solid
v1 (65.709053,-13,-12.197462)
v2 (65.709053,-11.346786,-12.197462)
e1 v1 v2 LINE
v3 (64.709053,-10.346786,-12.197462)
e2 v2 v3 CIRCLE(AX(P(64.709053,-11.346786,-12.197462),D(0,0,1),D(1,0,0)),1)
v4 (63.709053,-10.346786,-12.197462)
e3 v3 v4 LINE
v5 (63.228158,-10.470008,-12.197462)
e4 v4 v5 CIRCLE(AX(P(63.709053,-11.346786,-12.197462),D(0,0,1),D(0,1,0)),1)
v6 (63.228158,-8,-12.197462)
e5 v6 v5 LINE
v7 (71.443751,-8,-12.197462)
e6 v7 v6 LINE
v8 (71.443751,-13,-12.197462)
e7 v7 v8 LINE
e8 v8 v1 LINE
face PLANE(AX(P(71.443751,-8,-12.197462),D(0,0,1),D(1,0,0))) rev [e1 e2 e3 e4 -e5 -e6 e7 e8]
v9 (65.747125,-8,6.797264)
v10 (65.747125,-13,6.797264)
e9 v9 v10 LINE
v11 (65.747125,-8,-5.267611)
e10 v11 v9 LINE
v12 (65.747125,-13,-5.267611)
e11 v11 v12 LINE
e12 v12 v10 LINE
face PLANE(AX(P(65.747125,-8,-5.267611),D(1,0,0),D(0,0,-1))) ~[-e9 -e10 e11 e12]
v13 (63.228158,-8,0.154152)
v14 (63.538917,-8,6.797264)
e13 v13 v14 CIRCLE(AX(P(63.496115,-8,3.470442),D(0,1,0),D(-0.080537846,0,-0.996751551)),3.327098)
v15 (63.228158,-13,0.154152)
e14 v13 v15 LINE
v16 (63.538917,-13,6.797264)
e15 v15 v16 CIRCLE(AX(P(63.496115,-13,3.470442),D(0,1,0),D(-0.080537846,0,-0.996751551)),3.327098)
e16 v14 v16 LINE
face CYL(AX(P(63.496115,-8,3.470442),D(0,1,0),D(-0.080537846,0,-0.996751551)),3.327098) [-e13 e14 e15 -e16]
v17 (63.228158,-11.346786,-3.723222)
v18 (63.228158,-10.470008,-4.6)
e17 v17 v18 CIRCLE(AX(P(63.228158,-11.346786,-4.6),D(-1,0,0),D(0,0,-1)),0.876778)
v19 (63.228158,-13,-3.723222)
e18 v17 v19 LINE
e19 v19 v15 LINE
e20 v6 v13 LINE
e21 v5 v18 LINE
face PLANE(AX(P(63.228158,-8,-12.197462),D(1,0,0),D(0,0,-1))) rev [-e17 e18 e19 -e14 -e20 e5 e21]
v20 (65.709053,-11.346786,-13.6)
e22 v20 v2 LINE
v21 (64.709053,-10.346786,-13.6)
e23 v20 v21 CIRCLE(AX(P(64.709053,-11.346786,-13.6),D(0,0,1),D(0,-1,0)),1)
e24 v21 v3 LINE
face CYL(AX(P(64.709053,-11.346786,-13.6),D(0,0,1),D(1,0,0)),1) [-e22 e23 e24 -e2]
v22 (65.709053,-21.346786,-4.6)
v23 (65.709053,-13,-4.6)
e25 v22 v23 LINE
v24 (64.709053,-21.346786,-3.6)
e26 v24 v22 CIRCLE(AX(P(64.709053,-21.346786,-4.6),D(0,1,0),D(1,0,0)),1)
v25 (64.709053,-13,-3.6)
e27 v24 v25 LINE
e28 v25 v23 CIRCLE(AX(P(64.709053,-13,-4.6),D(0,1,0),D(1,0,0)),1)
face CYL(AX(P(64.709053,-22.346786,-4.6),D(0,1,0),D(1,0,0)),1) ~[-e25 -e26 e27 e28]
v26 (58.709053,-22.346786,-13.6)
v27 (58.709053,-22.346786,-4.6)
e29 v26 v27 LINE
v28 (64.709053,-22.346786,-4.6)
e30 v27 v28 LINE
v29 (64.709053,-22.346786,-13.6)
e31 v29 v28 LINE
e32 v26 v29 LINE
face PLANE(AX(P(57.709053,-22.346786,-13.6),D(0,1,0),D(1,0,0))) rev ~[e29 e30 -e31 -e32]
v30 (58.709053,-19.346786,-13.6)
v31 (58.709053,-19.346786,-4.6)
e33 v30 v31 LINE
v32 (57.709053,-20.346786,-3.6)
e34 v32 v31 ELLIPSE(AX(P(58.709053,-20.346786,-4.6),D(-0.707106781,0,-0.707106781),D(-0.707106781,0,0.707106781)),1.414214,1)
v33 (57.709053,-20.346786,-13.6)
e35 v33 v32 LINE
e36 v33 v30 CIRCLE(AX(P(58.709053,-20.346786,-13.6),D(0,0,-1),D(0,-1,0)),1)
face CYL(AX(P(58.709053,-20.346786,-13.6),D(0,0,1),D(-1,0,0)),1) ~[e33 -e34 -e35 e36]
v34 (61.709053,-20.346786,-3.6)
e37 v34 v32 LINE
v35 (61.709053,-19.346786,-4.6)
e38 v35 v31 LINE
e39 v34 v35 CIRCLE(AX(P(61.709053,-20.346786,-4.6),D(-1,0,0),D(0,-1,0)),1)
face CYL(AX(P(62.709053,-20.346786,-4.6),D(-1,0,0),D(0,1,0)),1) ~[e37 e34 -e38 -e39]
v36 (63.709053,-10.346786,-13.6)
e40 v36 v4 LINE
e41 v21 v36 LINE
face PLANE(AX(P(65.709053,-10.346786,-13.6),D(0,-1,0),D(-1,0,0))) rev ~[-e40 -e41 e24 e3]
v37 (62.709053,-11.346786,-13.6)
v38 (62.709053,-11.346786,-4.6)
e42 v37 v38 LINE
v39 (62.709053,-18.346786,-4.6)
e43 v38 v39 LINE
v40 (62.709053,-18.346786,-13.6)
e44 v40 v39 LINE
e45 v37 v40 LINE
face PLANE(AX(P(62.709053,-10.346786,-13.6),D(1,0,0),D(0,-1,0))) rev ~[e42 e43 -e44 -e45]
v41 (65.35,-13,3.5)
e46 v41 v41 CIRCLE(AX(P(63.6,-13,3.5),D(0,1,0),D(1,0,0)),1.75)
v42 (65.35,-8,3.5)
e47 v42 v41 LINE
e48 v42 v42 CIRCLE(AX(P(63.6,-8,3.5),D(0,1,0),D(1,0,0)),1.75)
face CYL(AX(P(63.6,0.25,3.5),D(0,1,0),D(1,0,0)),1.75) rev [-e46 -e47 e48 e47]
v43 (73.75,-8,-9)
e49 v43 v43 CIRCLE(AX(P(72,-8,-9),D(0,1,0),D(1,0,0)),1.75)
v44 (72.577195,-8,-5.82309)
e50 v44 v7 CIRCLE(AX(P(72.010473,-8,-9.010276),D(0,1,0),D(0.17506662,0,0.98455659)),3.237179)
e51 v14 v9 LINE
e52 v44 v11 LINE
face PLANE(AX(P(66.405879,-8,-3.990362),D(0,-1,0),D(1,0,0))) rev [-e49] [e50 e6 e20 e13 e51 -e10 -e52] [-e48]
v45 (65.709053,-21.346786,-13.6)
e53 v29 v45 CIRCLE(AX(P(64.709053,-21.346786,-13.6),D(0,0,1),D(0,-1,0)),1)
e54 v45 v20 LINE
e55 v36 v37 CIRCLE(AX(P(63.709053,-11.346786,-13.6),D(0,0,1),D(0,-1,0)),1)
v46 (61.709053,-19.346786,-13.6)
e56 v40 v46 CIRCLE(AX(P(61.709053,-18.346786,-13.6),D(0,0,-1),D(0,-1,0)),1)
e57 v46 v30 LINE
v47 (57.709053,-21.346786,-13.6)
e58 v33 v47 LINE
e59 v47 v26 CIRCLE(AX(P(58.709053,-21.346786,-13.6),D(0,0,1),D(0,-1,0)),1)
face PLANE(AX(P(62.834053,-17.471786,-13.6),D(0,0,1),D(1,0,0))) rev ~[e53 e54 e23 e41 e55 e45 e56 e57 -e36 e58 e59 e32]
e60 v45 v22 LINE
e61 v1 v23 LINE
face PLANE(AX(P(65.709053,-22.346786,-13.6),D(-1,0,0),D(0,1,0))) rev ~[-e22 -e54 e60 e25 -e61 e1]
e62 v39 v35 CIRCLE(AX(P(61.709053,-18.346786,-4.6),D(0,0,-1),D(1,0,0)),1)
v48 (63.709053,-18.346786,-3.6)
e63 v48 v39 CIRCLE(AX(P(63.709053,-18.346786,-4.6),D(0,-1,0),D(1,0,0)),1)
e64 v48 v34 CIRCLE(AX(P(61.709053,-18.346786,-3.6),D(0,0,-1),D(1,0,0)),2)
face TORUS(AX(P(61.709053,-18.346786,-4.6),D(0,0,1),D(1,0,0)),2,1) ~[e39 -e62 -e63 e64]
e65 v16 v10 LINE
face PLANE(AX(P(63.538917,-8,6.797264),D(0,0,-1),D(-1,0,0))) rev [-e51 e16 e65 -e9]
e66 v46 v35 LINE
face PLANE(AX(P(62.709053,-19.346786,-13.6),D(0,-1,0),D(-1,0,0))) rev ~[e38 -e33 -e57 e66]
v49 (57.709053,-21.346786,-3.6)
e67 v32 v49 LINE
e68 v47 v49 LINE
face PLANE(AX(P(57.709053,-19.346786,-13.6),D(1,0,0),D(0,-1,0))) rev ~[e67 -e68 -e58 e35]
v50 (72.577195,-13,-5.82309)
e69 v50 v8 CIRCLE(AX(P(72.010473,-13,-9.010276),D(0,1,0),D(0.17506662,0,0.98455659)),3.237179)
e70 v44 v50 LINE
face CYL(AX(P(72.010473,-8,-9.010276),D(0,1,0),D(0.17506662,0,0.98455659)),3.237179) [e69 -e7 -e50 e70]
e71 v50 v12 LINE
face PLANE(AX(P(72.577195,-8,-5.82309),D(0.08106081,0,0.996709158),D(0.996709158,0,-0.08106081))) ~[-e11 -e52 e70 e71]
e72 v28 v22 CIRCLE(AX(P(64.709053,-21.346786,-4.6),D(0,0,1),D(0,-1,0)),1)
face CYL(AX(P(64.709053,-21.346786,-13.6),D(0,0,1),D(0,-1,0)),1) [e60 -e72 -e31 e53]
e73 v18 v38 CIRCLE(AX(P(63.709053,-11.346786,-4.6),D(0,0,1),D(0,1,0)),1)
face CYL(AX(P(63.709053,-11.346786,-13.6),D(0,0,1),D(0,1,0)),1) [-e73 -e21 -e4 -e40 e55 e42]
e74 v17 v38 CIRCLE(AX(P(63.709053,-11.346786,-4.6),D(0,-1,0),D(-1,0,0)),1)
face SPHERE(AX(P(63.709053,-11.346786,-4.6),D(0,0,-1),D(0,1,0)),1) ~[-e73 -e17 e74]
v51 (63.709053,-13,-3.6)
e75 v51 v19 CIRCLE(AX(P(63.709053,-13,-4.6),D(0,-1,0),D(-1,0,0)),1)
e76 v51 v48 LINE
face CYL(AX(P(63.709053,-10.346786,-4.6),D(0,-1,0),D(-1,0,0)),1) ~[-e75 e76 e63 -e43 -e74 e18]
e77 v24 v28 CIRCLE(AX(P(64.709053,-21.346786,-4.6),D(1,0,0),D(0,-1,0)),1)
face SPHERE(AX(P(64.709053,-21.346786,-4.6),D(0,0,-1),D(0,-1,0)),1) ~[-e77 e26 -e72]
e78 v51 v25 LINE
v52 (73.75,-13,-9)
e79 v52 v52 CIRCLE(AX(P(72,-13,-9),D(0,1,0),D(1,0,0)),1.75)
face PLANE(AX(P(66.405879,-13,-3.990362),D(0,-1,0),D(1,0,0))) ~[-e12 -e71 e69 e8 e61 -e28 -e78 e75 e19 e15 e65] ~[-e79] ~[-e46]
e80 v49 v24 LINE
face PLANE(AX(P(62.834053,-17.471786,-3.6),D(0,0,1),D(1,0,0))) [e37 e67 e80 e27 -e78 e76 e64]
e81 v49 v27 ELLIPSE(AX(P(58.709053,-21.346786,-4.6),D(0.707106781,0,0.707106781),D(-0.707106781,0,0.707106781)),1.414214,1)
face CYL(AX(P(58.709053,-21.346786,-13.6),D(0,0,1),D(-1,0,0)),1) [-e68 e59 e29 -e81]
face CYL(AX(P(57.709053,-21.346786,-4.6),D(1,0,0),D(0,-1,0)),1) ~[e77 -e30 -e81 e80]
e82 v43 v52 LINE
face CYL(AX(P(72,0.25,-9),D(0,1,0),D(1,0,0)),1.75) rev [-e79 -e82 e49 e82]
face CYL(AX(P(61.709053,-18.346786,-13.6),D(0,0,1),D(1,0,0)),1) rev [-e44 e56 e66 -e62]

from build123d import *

# Parameters (mm, degrees)
CYLINDER053_R                     = 1.75
CYLINDER053_DEPTH                 = 15
CYLINDER052_R                     = 1.75
CYLINDER052_DEPTH                 = 15
EXTRUDE003_DEPTH                  = 10
FILLET021_R                       = 1
EXTRUDE004_DEPTH                  = 5
PART_MIRRORING006_PLACEMENT_ANGLE = 180


with BuildPart() as m3holds021:
    # Cylinder053 → Cylinder053 (new body)
    with BuildSketch(Plane(origin=(72, 0.25, -9), x_dir=(1, 0, 0), z_dir=(0, -1, 0))):
        Circle(CYLINDER053_R)
    extrude(amount=CYLINDER053_DEPTH)


with BuildPart() as fusion064:
    # Cylinder052 → Cylinder052 (new body)
    with BuildSketch(Plane(origin=(63.6, 0.25, 3.5), x_dir=(1, 0, 0), z_dir=(0, -1, 0))):
        Circle(CYLINDER052_R)
    extrude(amount=CYLINDER052_DEPTH)

    # Fusion064: union m3Holds021
    add(m3holds021.part)


with BuildPart() as fillet021:
    # Sketch005 → Extrude003 (new body)
    with BuildSketch(Plane.XY):
        Polygon((57.709053, -19.346786), (57.709053, -22.346786), (65.709053, -22.346786), (65.709053, -10.346786), (62.709053, -10.346786), (62.709053, -19.346786), align=None)
    extrude(amount=EXTRUDE003_DEPTH)


with BuildPart() as fillet021_1:
    # Extrude003 placement: moved
    add(fillet021.part.moved(Location((0, 0, -14))))

    # Fillet021
    fillet021_edges = [fillet021_1.edges().sort_by_distance(p)[0] for p in [
        (57.709053, -19.346786, -9),
        (57.709053, -22.346786, -9),
        (65.709053, -22.346786, -9),
        (61.709053, -22.346786, -4),
        (65.709053, -10.346786, -9),
        (65.709053, -16.346786, -4),
        (62.709053, -10.346786, -9),
        (64.209053, -10.346786, -4),
        (62.709053, -19.346786, -9),
        (62.709053, -14.846786, -4),
        (60.209053, -19.346786, -4),
    ]]
    fillet(fillet021_edges, radius=FILLET021_R)


with BuildPart() as fillet021_2:
    # Fillet021 placement: moved
    add(fillet021_1.part.moved(Location((0, 0, 0.4))))


with BuildPart() as extrude004:
    # Sketch006 → Extrude004 (new body)
    with BuildSketch(Plane.XZ):
        with BuildLine():
            ThreePointArc((14.771842, 0.154152), (17.827348, 3.62591), (14.461083, 6.797264))
            Line((14.461083, 6.797264), (12.252875, 6.797264))
            Line((12.252875, -5.267611), (12.252875, 6.797264))
            Line((5.422805, -5.82309), (12.252875, -5.267611))
            ThreePointArc((5.422805, -5.82309), (2.802341, -9.576998), (6.556249, -12.197462))
            Line((6.556249, -12.197462), (14.771842, -12.197462))
            Line((14.771842, -12.197462), (14.771842, 0.154152))
        make_face()
    extrude(amount=EXTRUDE004_DEPTH)


with BuildPart() as extrude004_1:
    # Extrude004 placement: moved
    add(extrude004.part.moved(Location((0, -8, 0))))


with BuildPart() as c4holdbotttomright:
    # Part__Mirroring006: instance of Extrude004
    add(extrude004_1.part.mirror(Plane(origin=(0, 0, 0), x_dir=(0, 1, 0), z_dir=(0, 0, 1))))


with BuildPart() as c4holdbotttomright_1:
    # Part__Mirroring006 placement: moved
    add(c4holdbotttomright.part.moved(Location((78, 0, 0))).rotate(Axis((78, 0, 0), (0, 1, 0)), PART_MIRRORING006_PLACEMENT_ANGLE))

    # Fusion041: union Fillet021
    add(fillet021_2.part)

    # Cut014: cut Fusion064
    add(fusion064.part, mode=Mode.SUBTRACT)


solid = c4holdbotttomright_1.part
